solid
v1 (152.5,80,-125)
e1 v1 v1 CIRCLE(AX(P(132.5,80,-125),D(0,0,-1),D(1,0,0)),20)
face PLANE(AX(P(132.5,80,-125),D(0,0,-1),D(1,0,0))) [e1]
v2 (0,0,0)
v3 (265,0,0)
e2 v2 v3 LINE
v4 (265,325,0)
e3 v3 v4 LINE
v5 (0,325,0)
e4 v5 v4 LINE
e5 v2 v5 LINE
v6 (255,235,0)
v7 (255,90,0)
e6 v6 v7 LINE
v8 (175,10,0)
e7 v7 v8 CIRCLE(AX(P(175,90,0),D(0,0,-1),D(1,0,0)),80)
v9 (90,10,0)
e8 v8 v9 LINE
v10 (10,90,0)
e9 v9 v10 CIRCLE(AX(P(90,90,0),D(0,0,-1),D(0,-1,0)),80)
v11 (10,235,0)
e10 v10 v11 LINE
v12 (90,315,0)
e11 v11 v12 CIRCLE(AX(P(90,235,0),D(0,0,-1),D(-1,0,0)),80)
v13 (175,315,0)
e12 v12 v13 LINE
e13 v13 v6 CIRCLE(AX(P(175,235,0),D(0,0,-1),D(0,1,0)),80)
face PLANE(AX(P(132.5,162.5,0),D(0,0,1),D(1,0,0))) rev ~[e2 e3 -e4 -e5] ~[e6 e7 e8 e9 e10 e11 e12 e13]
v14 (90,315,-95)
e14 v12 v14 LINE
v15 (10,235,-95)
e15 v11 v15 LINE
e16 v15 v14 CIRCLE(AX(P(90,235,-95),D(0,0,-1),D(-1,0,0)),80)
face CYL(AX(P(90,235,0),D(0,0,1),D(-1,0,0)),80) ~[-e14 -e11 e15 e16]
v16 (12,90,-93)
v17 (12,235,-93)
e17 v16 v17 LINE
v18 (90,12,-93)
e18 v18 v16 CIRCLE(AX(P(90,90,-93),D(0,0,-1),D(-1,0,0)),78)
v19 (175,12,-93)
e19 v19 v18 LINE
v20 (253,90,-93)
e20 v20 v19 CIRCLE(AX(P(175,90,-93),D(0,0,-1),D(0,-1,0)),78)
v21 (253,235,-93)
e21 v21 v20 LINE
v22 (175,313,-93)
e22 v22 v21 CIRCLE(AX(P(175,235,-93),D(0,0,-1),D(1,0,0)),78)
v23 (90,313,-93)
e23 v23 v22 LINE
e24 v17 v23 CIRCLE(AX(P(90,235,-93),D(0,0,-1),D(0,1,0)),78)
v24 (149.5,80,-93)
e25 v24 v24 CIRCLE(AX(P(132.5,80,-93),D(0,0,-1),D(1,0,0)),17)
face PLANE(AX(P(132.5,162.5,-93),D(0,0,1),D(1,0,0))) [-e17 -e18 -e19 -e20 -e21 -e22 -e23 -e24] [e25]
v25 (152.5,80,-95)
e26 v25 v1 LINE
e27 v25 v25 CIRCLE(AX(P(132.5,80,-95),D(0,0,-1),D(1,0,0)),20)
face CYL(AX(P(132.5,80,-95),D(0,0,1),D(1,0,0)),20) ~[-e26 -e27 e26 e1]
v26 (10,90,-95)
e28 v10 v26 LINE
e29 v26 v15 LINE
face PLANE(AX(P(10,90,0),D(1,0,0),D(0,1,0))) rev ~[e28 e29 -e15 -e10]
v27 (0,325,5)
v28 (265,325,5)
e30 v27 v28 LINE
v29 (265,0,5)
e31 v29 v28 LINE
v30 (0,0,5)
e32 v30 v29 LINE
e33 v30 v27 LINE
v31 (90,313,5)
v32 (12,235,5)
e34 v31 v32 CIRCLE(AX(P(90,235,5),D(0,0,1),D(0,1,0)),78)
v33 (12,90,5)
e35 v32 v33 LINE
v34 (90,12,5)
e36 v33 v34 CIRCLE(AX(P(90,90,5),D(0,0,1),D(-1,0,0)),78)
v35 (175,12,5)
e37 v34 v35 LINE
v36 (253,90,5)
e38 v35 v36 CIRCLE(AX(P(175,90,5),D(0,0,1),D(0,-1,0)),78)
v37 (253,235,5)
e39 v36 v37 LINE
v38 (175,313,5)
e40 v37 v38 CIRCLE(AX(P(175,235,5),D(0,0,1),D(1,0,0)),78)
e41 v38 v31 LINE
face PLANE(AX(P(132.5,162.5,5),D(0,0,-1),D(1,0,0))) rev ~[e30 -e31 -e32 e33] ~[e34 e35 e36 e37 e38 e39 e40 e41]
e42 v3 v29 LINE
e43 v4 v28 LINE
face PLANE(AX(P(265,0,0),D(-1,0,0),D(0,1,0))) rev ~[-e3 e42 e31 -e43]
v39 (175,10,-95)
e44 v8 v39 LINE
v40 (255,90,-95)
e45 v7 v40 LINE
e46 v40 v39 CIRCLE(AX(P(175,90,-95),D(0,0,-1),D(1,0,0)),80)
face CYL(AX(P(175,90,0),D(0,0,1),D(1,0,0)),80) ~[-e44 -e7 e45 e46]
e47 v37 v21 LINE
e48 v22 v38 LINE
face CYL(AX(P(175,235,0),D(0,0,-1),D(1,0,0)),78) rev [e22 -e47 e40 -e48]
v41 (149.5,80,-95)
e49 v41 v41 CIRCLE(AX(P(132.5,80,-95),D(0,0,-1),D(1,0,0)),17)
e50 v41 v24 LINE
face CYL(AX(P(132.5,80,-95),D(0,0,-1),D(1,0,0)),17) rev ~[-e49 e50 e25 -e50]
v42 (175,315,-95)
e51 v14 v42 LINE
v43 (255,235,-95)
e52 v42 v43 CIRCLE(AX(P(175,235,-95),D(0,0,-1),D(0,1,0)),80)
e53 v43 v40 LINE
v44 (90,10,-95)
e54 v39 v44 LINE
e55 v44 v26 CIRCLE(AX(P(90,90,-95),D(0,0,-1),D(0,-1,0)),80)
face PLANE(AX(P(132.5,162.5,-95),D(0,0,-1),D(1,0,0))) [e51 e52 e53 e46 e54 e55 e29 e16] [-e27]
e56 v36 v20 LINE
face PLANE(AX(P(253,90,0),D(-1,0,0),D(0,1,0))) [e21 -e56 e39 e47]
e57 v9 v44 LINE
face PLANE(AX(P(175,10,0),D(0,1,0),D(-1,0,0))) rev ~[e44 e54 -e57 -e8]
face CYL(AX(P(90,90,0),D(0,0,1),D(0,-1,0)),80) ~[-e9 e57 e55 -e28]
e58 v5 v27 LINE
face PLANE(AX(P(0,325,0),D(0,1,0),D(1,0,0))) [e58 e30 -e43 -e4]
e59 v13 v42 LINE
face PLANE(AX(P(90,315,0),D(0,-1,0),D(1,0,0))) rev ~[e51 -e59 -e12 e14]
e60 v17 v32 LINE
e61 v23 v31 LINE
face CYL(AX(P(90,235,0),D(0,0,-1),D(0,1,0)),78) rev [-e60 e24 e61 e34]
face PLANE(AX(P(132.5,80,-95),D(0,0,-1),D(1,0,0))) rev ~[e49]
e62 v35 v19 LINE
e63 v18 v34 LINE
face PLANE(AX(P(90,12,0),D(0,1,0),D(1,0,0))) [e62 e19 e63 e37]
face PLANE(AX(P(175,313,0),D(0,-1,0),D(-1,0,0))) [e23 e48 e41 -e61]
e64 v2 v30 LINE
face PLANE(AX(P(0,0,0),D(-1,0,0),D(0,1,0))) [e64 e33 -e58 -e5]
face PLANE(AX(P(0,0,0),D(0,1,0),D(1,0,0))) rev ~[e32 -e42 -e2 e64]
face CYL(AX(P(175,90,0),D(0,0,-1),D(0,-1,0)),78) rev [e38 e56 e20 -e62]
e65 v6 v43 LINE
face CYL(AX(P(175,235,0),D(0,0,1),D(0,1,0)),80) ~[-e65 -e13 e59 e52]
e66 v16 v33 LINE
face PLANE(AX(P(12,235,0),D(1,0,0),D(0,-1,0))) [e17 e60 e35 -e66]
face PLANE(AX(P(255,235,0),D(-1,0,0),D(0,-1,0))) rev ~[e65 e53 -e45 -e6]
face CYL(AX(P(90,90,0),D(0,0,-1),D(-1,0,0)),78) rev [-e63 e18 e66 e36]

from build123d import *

# Parameters (mm, degrees)
F0_W     = 265
F0_H     = 325
F1_DEPTH = 5
F3_DEPTH = 95
F4_DEPTH = 25
F5_DEPTH = 98
F6_R     = 17
F7_DEPTH = 25
F6_R_2   = 20
F8_DEPTH = 30
F9_DEPTH = 5


with BuildPart() as f1:
    # F0 (on Top) → F1 (new body)
    with BuildSketch(Plane.XY):
        with Locations((132.5, 162.5)):
            Rectangle(F0_W, F0_H)
    extrude(amount=F1_DEPTH)

    # F2 (on face) → F3 (join)
    with BuildSketch(Plane(origin=(0, 0, 0), x_dir=(1, 0, 0), z_dir=(0, 0, -1))):
        with BuildLine():
            ThreePointArc((255, -90), (231.5685424949, -33.4314575051), (175, -10))
            Line((175, -10), (90, -10))
            ThreePointArc((90, -10), (33.4314575051, -33.4314575051), (10, -90))
            Line((10, -90), (10, -235))
            ThreePointArc((10, -235), (33.4314575051, -291.5685424949), (90, -315))
            Line((90, -315), (175, -315))
            ThreePointArc((175, -315), (231.5685424949, -291.5685424949), (255, -235))
            Line((255, -235), (255, -90))
        make_face()
        with BuildLine():
            ThreePointArc((175, -12), (230.1543289326, -34.8456710674), (253, -90))
            Line((253, -90), (253, -235))
            ThreePointArc((253, -235), (230.1543289326, -290.1543289326), (175, -313))
            Line((175, -313), (90, -313))
            ThreePointArc((90, -313), (34.8456710674, -290.1543289326), (12, -235))
            Line((12, -235), (12, -90))
            ThreePointArc((12, -90), (34.8456710674, -34.8456710674), (90, -12))
            Line((90, -12), (175, -12))
        make_face(mode=Mode.SUBTRACT)
        with BuildLine():
            Line((253, -235), (253, -90))
            ThreePointArc((253, -90), (230.1543289326, -34.8456710674), (175, -12))
            Line((175, -12), (90, -12))
            ThreePointArc((90, -12), (34.8456710674, -34.8456710674), (12, -90))
            Line((12, -90), (12, -235))
            ThreePointArc((12, -235), (34.8456710674, -290.1543289326), (90, -313))
            Line((90, -313), (175, -313))
            ThreePointArc((175, -313), (230.1543289326, -290.1543289326), (253, -235))
        make_face()
    extrude(amount=F3_DEPTH)

    # F2 (on face) → F4 (cut)
    with BuildSketch(Plane(origin=(0, 0, 0), x_dir=(1, 0, 0), z_dir=(0, 0, -1))):
        with BuildLine():
            ThreePointArc((255, -90), (231.5685424949, -33.4314575051), (175, -10))
            Line((175, -10), (90, -10))
            ThreePointArc((90, -10), (33.4314575051, -33.4314575051), (10, -90))
            Line((10, -90), (10, -235))
            ThreePointArc((10, -235), (33.4314575051, -291.5685424949), (90, -315))
            Line((90, -315), (175, -315))
            ThreePointArc((175, -315), (231.5685424949, -291.5685424949), (255, -235))
            Line((255, -235), (255, -90))
        make_face()
        with BuildLine():
            ThreePointArc((175, -12), (230.1543289326, -34.8456710674), (253, -90))
            Line((253, -90), (253, -235))
            ThreePointArc((253, -235), (230.1543289326, -290.1543289326), (175, -313))
            Line((175, -313), (90, -313))
            ThreePointArc((90, -313), (34.8456710674, -290.1543289326), (12, -235))
            Line((12, -235), (12, -90))
            ThreePointArc((12, -90), (34.8456710674, -34.8456710674), (90, -12))
            Line((90, -12), (175, -12))
        make_face(mode=Mode.SUBTRACT)
    extrude(amount=-F4_DEPTH, mode=Mode.SUBTRACT)

    # F5 (cut): a face of the model
    f5_faces = [f1.faces().sort_by_distance(p)[0] for p in [
        (132.5, 162.5, 5),
    ]]
    extrude(f5_faces, amount=-F5_DEPTH, mode=Mode.SUBTRACT)

    # F6 (on face) → F7 (cut)
    with BuildSketch(Plane(origin=(0, 0, -95), x_dir=(1, 0, 0), z_dir=(0, 0, -1))):
        with Locations((132.5, -80)):
            Circle(F6_R)
    extrude(amount=-F7_DEPTH, mode=Mode.SUBTRACT)

    # F6 (on face) → F8 (join)
    with BuildSketch(Plane(origin=(0, 0, -95), x_dir=(1, 0, 0), z_dir=(0, 0, -1))):
        with Locations((132.5, -80)):
            Circle(F6_R_2)
        with Locations((132.5, -80)):
            Circle(F6_R, mode=Mode.SUBTRACT)
        with Locations((132.5, -80)):
            Circle(F6_R)
    extrude(amount=F8_DEPTH)

    # F9 (add): a face of the model
    f9_faces = [f1.faces().sort_by_distance(p)[0] for p in [
        (231.2919109711, 33.7080890289, 0),
    ]]
    extrude(f9_faces, amount=F9_DEPTH)


solid = f1.part
